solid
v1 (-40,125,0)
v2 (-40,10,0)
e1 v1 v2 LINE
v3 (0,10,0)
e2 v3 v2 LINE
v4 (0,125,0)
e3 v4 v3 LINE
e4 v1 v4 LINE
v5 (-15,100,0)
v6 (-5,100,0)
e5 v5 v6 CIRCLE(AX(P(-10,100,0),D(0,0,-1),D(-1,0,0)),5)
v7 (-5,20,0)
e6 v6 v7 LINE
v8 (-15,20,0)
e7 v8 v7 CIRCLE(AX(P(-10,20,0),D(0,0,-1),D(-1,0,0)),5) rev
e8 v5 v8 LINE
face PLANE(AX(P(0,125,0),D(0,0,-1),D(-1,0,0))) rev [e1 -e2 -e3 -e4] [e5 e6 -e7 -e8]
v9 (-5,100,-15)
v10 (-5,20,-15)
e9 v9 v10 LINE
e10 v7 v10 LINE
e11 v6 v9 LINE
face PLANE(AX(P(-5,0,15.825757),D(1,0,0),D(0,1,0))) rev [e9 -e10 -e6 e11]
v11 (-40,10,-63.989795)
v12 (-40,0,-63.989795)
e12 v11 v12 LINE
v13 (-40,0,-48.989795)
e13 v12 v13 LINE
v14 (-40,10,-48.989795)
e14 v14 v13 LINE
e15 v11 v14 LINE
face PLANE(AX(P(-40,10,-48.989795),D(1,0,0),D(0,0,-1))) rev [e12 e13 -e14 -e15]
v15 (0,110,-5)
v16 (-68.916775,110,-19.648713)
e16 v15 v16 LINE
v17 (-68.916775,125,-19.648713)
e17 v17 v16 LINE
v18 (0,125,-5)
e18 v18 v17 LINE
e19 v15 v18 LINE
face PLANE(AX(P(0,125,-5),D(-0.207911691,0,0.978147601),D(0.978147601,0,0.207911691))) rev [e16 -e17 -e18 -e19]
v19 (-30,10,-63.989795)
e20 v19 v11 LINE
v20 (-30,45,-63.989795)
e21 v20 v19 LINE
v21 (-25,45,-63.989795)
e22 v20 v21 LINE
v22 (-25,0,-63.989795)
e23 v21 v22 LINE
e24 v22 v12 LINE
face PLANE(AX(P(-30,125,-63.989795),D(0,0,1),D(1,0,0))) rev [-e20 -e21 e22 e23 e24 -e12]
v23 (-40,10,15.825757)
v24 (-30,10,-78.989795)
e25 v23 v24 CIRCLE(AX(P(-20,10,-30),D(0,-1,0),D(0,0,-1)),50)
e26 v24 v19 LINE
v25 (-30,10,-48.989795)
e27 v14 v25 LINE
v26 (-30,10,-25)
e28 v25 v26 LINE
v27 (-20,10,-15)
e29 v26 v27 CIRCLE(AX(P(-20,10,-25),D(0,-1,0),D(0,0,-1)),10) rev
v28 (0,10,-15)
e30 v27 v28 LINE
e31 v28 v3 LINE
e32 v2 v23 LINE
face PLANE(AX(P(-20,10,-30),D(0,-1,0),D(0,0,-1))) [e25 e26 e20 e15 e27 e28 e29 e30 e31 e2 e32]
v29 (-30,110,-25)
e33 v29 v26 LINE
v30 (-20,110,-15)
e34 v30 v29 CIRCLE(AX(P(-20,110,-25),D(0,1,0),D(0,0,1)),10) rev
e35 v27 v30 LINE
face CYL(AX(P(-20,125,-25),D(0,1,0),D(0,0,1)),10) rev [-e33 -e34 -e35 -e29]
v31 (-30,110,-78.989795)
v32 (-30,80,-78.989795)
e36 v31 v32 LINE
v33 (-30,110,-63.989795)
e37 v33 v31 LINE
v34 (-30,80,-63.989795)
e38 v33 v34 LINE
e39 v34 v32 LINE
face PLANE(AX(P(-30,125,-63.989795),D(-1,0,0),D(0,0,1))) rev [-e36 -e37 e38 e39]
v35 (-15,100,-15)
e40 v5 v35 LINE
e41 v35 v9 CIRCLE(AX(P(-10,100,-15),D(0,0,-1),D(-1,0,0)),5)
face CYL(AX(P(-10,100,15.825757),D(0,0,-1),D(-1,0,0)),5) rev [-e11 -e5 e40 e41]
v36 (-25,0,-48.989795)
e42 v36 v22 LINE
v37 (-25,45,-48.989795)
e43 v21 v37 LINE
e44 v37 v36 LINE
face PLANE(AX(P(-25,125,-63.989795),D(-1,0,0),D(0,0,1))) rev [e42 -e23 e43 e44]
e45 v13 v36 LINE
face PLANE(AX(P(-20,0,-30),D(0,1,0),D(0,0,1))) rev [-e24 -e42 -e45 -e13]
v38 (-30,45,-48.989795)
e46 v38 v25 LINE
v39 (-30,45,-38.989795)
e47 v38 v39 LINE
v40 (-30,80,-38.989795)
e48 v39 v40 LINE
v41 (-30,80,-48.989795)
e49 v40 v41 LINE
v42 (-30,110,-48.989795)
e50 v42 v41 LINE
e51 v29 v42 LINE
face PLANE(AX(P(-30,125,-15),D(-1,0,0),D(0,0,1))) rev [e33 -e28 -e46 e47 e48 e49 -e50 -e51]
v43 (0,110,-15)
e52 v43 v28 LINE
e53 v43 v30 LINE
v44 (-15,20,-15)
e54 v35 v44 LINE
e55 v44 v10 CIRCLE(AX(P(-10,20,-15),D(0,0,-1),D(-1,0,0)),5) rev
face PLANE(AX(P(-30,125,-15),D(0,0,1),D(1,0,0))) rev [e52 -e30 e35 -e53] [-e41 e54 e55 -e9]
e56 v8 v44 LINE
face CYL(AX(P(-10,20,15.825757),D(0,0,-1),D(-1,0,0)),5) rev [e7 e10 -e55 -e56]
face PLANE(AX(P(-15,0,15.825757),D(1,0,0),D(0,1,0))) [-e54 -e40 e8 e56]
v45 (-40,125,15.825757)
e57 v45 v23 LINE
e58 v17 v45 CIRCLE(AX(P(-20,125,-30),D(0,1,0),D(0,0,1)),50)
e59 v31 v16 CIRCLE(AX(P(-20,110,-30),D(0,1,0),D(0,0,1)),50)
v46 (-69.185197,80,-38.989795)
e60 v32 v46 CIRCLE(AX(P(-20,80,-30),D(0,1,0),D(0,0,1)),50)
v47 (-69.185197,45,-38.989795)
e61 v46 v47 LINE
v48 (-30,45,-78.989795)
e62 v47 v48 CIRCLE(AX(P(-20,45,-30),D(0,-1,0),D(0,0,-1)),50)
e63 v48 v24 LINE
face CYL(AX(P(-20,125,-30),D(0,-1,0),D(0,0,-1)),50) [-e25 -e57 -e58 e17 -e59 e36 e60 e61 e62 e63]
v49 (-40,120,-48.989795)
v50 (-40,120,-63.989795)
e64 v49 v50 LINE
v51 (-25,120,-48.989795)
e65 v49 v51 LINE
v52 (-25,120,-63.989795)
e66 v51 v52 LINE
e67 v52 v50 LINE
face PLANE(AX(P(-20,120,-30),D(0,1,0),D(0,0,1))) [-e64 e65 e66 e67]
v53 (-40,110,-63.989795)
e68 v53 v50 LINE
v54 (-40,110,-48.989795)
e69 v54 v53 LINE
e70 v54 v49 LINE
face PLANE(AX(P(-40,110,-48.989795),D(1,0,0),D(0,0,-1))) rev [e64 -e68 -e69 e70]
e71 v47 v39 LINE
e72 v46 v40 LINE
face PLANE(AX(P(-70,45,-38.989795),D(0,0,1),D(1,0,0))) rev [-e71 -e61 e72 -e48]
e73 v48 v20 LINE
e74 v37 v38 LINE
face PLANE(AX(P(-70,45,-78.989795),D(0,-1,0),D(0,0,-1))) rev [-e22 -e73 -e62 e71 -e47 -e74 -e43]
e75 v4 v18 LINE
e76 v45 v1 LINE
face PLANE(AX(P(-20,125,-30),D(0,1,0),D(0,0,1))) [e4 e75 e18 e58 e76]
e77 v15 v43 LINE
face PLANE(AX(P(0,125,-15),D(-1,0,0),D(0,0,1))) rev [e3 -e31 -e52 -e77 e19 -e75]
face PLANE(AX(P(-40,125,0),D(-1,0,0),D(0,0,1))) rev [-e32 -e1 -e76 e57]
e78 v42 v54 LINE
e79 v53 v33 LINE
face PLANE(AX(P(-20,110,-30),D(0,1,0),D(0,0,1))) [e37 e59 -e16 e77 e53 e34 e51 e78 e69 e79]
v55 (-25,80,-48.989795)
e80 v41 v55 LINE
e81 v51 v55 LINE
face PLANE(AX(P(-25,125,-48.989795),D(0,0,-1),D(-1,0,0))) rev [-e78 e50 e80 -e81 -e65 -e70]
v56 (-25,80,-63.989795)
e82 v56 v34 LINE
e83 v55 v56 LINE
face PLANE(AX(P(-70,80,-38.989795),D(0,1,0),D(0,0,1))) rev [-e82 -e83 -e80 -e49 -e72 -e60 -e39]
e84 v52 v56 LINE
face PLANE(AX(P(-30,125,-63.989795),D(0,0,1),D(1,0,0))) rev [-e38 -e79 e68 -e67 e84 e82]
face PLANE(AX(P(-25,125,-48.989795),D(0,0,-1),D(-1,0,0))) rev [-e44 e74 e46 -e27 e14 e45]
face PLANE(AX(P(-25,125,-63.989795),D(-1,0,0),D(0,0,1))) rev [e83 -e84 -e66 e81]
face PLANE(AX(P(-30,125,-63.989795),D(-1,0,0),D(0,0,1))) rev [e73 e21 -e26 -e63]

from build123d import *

# Parameters (mm, degrees)
BOSS_EXTRUDE1_DEPTH     = 125
CUT_EXTRUDE1_DEPTH      = 10
CUT_EXTRUDE2_START      = -5
CUT_EXTRUDE2_DEPTH      = 5
CUT_EXTRUDE3_START      = -10
CUT_EXTRUDE3_DEPTH      = 10
FILLET1_R               = 10
CUT_EXTRUDE5_DEPTH      = 154.180898585
CUT_EXTRUDE5_DEPTH_BACK = 154.180898585
SKETCH6_W               = 40
SKETCH6_H               = 35
BOSS_EXTRUDE2_DEPTH     = 15
CUT_EXTRUDE6_DEPTH      = 157.90664054
CUT_EXTRUDE6_DEPTH_BACK = 157.90664054
SKETCH8_R               = 5


with BuildPart() as part:
    # Sketch1 → Boss-Extrude1 (new body)
    with BuildSketch(Plane(origin=(0, 0, 0), x_dir=(1, 0, 0), z_dir=(0, 1, 0))):
        with BuildLine():
            Line((0, 0), (-40, 0))
            Line((-40, 0), (-40, -15.82575695))
            ThreePointArc((-40, -15.82575695), (-69.724211568, 35.244309675), (-30, 78.989794856))
            Line((-30, 78.989794856), (-30, 63.989794856))
            Line((-30, 63.989794856), (-25, 63.989794856))
            Line((-25, 63.989794856), (-25, 48.989794856))
            Line((-25, 48.989794856), (-30, 48.989794856))
            Line((-30, 48.989794856), (-30, 15))
            Line((-30, 15), (0, 15))
            Line((0, 15), (0, 0))
        make_face()
    extrude(amount=BOSS_EXTRUDE1_DEPTH)

    # Sketch2 → Cut-Extrude1 (cut)
    with BuildSketch(Plane.XZ):
        with BuildLine():
            Line((-30, -63.989794856), (-40, -63.989794856))
            Line((-40, -63.989794856), (-40, -48.989794856))
            Line((-40, -48.989794856), (-30, -48.989794856))
            Line((-30, -48.989794856), (-30, -15))
            Line((-30, -15), (0, -15))
            Line((0, -15), (0, 0))
            Line((0, 0), (-40, 0))
            Line((-40, 0), (-40, 15.82575695))
            ThreePointArc((-40, 15.82575695), (-69.724211568, -35.244309675), (-30, -78.989794856))
            Line((-30, -78.989794856), (-30, -63.989794856))
        make_face()
    extrude(amount=-CUT_EXTRUDE1_DEPTH, mode=Mode.SUBTRACT)

    # Sketch3 → Cut-Extrude2 (cut)
    with BuildSketch(Plane(origin=(0, 125, 0), x_dir=(1, 0, 0), z_dir=(0, 1, 0)).offset(CUT_EXTRUDE2_START)):
        with BuildLine():
            Line((0, 5), (-63.301270189, 5))
            ThreePointArc((-63.301270189, 5), (-65.594723232, 50.521238105), (-30, 78.989794856))
            Line((-30, 78.989794856), (-30, 63.989794856))
            Line((-30, 63.989794856), (-25, 63.989794856))
            Line((-25, 63.989794856), (-25, 48.989794856))
            Line((-25, 48.989794856), (-30, 48.989794856))
            Line((-30, 48.989794856), (-30, 15))
            Line((-30, 15), (0, 15))
            Line((0, 15), (0, 5))
        make_face()
    extrude(amount=CUT_EXTRUDE2_DEPTH, mode=Mode.SUBTRACT)

    # Sketch4 → Cut-Extrude3 (cut)
    with BuildSketch(Plane(origin=(0, 120, 0), x_dir=(1, 0, 0), z_dir=(0, 1, 0)).offset(CUT_EXTRUDE3_START)):
        with BuildLine():
            Line((-30, 63.989794856), (-40, 63.989794856))
            Line((-40, 63.989794856), (-40, 48.989794856))
            Line((-40, 48.989794856), (-30, 48.989794856))
            Line((-30, 48.989794856), (-30, 15))
            Line((-30, 15), (0, 15))
            Line((0, 15), (0, 5))
            Line((0, 5), (-63.301270189, 5))
            ThreePointArc((-63.301270189, 5), (-65.594723232, 50.521238105), (-30, 78.989794856))
            Line((-30, 78.989794856), (-30, 63.989794856))
        make_face()
    extrude(amount=CUT_EXTRUDE3_DEPTH, mode=Mode.SUBTRACT)

    # Fillet1
    fillet1_edges = [part.edges().sort_by_distance(p)[0] for p in [
        (-30, 60, -15),
    ]]
    fillet(fillet1_edges, radius=FILLET1_R)

    # Sketch6 → Cut-Extrude5 (cut, two sides: drawn at the far end of the back side and taken through both)
    with BuildSketch(Plane(origin=(-30, 0, 0), x_dir=(0, 0, -1), z_dir=(1, 0, 0)).offset(-CUT_EXTRUDE5_DEPTH_BACK)):
        with Locations((58.989794856, 62.5)):
            Rectangle(SKETCH6_W, SKETCH6_H)
    extrude(amount=CUT_EXTRUDE5_DEPTH + CUT_EXTRUDE5_DEPTH_BACK, mode=Mode.SUBTRACT)

    # Sketch7 → Boss-Extrude2 (add)
    with BuildSketch(Plane(origin=(0, 110, 0), x_dir=(1, 0, 0), z_dir=(0, 1, 0))):
        with BuildLine():
            Line((0, 5), (-68.916774738, 19.64871268))
            ThreePointArc((-68.916774738, 19.64871268), (-66.687130436, 12.102741784), (-63.301270189, 5))
            Line((-63.301270189, 5), (0, 5))
        make_face()
    extrude(amount=BOSS_EXTRUDE2_DEPTH)

    # Sketch8 → Cut-Extrude6 (cut, two sides: drawn at the far end of the back side and taken through both)
    with BuildSketch(Plane(origin=(0, 0, -15), x_dir=(-1, 0, 0), z_dir=(0, 0, -1)).offset(-CUT_EXTRUDE6_DEPTH_BACK)):
        with BuildLine():
            Line((15, 20), (15, 100))
            ThreePointArc((15, 100), (10, 95), (5, 100))
            Line((5, 100), (5, 20))
            ThreePointArc((5, 20), (10, 25), (15, 20))
        make_face()
        with Locations((10, 100)):
            Circle(SKETCH8_R)
        with Locations((10, 20)):
            Circle(SKETCH8_R)
    extrude(amount=CUT_EXTRUDE6_DEPTH + CUT_EXTRUDE6_DEPTH_BACK, mode=Mode.SUBTRACT)


solid = part.part
